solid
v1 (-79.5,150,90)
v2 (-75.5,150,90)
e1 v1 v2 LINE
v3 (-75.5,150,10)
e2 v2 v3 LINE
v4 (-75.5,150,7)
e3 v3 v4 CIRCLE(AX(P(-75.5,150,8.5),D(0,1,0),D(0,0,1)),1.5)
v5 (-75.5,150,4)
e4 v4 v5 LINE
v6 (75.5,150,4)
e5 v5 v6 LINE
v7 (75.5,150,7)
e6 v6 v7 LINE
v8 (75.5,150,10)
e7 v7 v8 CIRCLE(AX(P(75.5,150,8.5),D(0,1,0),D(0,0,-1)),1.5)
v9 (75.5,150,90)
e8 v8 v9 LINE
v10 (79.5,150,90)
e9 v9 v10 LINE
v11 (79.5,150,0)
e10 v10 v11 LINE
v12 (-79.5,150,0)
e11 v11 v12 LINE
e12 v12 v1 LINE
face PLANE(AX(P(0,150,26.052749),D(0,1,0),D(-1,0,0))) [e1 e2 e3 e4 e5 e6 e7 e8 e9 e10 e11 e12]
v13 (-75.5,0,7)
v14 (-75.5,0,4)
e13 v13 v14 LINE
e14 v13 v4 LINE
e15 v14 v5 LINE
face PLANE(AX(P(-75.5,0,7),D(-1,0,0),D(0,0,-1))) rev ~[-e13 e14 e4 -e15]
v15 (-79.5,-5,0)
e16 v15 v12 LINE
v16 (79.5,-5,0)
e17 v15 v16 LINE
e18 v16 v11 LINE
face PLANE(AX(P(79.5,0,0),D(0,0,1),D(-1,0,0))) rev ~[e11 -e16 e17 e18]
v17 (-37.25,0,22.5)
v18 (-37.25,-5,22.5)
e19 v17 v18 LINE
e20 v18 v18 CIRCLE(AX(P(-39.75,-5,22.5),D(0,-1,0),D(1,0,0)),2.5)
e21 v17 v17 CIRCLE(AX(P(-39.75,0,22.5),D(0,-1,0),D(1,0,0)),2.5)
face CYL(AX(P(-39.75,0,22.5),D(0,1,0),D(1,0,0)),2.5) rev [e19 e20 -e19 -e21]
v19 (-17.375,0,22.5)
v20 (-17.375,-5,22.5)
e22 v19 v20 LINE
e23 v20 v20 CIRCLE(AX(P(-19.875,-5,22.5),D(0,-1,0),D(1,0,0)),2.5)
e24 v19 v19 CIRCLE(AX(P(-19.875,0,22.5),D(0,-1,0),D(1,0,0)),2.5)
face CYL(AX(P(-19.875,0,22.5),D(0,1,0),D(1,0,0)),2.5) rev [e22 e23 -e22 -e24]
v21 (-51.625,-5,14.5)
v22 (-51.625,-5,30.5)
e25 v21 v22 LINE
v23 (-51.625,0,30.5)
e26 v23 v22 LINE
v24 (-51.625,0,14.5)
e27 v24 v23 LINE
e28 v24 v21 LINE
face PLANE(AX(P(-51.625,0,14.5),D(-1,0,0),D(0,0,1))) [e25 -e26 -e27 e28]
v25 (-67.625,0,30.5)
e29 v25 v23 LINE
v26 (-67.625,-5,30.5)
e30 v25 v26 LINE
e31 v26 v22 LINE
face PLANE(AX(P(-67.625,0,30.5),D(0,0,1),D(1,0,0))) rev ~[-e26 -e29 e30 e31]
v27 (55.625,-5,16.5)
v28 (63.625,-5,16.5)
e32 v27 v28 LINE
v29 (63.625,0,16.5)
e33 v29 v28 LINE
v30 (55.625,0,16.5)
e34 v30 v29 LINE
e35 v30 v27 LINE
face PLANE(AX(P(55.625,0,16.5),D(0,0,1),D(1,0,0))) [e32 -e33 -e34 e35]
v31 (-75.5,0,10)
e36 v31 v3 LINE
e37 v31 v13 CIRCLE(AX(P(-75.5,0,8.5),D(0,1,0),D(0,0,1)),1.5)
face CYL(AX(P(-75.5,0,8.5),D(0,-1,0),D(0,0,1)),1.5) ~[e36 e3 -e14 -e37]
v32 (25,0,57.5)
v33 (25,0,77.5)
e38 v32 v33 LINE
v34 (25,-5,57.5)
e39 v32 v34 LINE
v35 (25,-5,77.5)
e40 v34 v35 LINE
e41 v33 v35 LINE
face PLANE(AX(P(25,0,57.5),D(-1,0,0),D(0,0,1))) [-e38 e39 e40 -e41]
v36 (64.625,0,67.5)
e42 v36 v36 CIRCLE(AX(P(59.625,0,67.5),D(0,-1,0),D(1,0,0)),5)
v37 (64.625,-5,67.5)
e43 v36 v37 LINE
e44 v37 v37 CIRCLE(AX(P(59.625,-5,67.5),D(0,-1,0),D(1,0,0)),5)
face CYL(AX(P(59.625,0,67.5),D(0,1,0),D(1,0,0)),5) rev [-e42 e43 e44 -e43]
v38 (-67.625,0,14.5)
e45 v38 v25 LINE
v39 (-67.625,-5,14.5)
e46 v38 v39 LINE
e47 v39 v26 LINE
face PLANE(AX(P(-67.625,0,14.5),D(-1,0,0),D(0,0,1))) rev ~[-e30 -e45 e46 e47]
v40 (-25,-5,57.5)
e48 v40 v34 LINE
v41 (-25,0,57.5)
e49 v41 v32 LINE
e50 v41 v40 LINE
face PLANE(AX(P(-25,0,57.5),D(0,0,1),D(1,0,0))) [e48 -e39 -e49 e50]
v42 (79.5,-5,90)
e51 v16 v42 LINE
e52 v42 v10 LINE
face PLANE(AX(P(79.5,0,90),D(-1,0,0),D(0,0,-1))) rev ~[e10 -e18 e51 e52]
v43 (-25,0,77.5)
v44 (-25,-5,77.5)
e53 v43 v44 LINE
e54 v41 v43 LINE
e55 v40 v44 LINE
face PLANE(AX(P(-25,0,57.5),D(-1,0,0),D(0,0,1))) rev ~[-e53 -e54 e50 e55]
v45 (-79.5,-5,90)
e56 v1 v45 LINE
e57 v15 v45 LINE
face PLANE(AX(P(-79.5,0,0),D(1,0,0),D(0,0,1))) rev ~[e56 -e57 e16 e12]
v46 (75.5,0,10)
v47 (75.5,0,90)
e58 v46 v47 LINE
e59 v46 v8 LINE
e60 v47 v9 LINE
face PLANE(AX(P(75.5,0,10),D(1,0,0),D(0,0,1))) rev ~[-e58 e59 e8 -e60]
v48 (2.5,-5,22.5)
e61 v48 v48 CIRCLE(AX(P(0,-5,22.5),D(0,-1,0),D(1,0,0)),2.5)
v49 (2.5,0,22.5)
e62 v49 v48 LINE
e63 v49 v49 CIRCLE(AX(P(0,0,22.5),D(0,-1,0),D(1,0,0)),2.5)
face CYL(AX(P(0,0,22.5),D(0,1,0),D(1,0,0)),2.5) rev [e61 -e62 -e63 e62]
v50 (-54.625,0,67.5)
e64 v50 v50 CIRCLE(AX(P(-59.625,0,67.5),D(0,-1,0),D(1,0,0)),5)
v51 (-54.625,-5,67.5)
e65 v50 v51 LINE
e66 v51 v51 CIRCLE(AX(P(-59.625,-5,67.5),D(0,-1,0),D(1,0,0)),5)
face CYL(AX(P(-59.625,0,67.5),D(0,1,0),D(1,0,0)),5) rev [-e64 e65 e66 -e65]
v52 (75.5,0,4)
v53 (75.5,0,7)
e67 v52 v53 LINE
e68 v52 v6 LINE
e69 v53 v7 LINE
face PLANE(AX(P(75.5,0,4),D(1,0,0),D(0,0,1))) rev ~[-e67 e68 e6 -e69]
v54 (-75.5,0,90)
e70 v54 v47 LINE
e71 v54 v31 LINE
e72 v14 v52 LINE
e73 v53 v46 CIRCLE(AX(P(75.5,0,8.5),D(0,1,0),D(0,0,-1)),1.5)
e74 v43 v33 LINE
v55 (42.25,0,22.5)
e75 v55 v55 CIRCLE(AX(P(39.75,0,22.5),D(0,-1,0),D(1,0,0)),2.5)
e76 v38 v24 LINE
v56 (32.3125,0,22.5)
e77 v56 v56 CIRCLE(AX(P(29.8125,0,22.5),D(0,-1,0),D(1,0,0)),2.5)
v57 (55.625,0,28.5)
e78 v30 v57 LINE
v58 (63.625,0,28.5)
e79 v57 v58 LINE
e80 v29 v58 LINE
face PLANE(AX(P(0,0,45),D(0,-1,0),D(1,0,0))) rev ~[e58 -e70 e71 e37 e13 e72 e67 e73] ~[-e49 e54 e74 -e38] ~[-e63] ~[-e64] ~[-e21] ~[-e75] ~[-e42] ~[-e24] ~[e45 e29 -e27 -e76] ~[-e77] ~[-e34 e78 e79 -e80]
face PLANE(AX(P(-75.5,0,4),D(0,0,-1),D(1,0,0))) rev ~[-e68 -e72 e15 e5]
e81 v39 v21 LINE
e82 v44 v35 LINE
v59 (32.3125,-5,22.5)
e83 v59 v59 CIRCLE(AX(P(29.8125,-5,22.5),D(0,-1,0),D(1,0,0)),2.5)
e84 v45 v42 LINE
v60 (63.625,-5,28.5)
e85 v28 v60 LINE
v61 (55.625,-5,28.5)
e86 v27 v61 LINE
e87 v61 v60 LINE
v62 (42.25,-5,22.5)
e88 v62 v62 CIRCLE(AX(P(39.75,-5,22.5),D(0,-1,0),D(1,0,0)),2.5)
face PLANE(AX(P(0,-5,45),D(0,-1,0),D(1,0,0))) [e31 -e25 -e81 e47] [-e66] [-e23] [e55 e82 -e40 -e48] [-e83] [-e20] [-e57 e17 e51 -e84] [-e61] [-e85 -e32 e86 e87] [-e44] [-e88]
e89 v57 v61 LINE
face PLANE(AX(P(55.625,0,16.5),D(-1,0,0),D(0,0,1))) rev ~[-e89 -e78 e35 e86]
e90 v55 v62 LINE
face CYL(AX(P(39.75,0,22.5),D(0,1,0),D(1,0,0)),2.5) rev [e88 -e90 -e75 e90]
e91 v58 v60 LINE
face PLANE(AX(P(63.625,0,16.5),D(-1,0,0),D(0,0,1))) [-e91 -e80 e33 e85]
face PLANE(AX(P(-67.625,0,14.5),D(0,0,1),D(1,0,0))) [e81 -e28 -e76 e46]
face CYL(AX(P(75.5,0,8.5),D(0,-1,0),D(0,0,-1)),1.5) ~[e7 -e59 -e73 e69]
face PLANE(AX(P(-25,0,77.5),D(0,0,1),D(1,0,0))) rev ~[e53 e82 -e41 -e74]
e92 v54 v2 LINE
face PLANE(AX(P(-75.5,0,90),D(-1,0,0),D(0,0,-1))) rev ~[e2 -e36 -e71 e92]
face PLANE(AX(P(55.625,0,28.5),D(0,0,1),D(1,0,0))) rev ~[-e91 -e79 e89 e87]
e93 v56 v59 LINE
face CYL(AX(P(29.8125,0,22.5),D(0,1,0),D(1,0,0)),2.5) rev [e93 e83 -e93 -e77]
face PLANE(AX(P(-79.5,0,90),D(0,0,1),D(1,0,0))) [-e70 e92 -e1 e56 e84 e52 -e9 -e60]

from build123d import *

# Parameters (mm, degrees)
F0_W     = 159
F0_H     = 90
F0_W_2   = 16
F0_H_2   = 16
F0_R     = 2.5
F0_W_3   = 8
F0_H_3   = 12
F0_R_2   = 5
F0_W_4   = 50
F0_H_4   = 20
F1_DEPTH = 5
F3_DEPTH = 150


with BuildPart() as f1:
    # F0 (on Front) → F1 (new body)
    with BuildSketch(Plane.XZ):
        with Locations((0, 45)):
            Rectangle(F0_W, F0_H)
        with Locations((-59.625, 22.5)):
            Rectangle(F0_W_2, F0_H_2, mode=Mode.SUBTRACT)
        with Locations((-39.75, 22.5)):
            Circle(F0_R, mode=Mode.SUBTRACT)
        with Locations((-19.875, 22.5)):
            Circle(F0_R, mode=Mode.SUBTRACT)
        with Locations((0, 22.5)):
            Circle(F0_R, mode=Mode.SUBTRACT)
        with Locations((29.8125, 22.5)):
            Circle(F0_R, mode=Mode.SUBTRACT)
        with Locations((39.75, 22.5)):
            Circle(F0_R, mode=Mode.SUBTRACT)
        with Locations((59.625, 22.5)):
            Rectangle(F0_W_3, F0_H_3, mode=Mode.SUBTRACT)
        with Locations((-59.625, 67.5)):
            Circle(F0_R_2, mode=Mode.SUBTRACT)
        with Locations((0, 67.5)):
            Rectangle(F0_W_4, F0_H_4, mode=Mode.SUBTRACT)
        with Locations((59.625, 67.5)):
            Circle(F0_R_2, mode=Mode.SUBTRACT)
    extrude(amount=F1_DEPTH)

    # F2 (on face) → F3 (join)
    with BuildSketch(Plane(origin=(0, 0, 0), x_dir=(-1, 0, 0), z_dir=(0, 1, 0))):
        with BuildLine():
            Line((75.5, 4), (-75.5, 4))
            Line((-75.5, 4), (-75.5, 7))
            ThreePointArc((-75.5, 7), (-74, 8.5), (-75.5, 10))
            Line((-75.5, 10), (-75.5, 90))
            Line((-75.5, 90), (-79.5, 90))
            Line((-79.5, 90), (-79.5, 0))
            Line((-79.5, 0), (79.5, 0))
            Line((79.5, 0), (79.5, 90))
            Line((79.5, 90), (75.5, 90))
            Line((75.5, 90), (75.5, 10))
            ThreePointArc((75.5, 10), (74, 8.5), (75.5, 7))
            Line((75.5, 7), (75.5, 4))
        make_face()
    extrude(amount=F3_DEPTH)


solid = f1.part
